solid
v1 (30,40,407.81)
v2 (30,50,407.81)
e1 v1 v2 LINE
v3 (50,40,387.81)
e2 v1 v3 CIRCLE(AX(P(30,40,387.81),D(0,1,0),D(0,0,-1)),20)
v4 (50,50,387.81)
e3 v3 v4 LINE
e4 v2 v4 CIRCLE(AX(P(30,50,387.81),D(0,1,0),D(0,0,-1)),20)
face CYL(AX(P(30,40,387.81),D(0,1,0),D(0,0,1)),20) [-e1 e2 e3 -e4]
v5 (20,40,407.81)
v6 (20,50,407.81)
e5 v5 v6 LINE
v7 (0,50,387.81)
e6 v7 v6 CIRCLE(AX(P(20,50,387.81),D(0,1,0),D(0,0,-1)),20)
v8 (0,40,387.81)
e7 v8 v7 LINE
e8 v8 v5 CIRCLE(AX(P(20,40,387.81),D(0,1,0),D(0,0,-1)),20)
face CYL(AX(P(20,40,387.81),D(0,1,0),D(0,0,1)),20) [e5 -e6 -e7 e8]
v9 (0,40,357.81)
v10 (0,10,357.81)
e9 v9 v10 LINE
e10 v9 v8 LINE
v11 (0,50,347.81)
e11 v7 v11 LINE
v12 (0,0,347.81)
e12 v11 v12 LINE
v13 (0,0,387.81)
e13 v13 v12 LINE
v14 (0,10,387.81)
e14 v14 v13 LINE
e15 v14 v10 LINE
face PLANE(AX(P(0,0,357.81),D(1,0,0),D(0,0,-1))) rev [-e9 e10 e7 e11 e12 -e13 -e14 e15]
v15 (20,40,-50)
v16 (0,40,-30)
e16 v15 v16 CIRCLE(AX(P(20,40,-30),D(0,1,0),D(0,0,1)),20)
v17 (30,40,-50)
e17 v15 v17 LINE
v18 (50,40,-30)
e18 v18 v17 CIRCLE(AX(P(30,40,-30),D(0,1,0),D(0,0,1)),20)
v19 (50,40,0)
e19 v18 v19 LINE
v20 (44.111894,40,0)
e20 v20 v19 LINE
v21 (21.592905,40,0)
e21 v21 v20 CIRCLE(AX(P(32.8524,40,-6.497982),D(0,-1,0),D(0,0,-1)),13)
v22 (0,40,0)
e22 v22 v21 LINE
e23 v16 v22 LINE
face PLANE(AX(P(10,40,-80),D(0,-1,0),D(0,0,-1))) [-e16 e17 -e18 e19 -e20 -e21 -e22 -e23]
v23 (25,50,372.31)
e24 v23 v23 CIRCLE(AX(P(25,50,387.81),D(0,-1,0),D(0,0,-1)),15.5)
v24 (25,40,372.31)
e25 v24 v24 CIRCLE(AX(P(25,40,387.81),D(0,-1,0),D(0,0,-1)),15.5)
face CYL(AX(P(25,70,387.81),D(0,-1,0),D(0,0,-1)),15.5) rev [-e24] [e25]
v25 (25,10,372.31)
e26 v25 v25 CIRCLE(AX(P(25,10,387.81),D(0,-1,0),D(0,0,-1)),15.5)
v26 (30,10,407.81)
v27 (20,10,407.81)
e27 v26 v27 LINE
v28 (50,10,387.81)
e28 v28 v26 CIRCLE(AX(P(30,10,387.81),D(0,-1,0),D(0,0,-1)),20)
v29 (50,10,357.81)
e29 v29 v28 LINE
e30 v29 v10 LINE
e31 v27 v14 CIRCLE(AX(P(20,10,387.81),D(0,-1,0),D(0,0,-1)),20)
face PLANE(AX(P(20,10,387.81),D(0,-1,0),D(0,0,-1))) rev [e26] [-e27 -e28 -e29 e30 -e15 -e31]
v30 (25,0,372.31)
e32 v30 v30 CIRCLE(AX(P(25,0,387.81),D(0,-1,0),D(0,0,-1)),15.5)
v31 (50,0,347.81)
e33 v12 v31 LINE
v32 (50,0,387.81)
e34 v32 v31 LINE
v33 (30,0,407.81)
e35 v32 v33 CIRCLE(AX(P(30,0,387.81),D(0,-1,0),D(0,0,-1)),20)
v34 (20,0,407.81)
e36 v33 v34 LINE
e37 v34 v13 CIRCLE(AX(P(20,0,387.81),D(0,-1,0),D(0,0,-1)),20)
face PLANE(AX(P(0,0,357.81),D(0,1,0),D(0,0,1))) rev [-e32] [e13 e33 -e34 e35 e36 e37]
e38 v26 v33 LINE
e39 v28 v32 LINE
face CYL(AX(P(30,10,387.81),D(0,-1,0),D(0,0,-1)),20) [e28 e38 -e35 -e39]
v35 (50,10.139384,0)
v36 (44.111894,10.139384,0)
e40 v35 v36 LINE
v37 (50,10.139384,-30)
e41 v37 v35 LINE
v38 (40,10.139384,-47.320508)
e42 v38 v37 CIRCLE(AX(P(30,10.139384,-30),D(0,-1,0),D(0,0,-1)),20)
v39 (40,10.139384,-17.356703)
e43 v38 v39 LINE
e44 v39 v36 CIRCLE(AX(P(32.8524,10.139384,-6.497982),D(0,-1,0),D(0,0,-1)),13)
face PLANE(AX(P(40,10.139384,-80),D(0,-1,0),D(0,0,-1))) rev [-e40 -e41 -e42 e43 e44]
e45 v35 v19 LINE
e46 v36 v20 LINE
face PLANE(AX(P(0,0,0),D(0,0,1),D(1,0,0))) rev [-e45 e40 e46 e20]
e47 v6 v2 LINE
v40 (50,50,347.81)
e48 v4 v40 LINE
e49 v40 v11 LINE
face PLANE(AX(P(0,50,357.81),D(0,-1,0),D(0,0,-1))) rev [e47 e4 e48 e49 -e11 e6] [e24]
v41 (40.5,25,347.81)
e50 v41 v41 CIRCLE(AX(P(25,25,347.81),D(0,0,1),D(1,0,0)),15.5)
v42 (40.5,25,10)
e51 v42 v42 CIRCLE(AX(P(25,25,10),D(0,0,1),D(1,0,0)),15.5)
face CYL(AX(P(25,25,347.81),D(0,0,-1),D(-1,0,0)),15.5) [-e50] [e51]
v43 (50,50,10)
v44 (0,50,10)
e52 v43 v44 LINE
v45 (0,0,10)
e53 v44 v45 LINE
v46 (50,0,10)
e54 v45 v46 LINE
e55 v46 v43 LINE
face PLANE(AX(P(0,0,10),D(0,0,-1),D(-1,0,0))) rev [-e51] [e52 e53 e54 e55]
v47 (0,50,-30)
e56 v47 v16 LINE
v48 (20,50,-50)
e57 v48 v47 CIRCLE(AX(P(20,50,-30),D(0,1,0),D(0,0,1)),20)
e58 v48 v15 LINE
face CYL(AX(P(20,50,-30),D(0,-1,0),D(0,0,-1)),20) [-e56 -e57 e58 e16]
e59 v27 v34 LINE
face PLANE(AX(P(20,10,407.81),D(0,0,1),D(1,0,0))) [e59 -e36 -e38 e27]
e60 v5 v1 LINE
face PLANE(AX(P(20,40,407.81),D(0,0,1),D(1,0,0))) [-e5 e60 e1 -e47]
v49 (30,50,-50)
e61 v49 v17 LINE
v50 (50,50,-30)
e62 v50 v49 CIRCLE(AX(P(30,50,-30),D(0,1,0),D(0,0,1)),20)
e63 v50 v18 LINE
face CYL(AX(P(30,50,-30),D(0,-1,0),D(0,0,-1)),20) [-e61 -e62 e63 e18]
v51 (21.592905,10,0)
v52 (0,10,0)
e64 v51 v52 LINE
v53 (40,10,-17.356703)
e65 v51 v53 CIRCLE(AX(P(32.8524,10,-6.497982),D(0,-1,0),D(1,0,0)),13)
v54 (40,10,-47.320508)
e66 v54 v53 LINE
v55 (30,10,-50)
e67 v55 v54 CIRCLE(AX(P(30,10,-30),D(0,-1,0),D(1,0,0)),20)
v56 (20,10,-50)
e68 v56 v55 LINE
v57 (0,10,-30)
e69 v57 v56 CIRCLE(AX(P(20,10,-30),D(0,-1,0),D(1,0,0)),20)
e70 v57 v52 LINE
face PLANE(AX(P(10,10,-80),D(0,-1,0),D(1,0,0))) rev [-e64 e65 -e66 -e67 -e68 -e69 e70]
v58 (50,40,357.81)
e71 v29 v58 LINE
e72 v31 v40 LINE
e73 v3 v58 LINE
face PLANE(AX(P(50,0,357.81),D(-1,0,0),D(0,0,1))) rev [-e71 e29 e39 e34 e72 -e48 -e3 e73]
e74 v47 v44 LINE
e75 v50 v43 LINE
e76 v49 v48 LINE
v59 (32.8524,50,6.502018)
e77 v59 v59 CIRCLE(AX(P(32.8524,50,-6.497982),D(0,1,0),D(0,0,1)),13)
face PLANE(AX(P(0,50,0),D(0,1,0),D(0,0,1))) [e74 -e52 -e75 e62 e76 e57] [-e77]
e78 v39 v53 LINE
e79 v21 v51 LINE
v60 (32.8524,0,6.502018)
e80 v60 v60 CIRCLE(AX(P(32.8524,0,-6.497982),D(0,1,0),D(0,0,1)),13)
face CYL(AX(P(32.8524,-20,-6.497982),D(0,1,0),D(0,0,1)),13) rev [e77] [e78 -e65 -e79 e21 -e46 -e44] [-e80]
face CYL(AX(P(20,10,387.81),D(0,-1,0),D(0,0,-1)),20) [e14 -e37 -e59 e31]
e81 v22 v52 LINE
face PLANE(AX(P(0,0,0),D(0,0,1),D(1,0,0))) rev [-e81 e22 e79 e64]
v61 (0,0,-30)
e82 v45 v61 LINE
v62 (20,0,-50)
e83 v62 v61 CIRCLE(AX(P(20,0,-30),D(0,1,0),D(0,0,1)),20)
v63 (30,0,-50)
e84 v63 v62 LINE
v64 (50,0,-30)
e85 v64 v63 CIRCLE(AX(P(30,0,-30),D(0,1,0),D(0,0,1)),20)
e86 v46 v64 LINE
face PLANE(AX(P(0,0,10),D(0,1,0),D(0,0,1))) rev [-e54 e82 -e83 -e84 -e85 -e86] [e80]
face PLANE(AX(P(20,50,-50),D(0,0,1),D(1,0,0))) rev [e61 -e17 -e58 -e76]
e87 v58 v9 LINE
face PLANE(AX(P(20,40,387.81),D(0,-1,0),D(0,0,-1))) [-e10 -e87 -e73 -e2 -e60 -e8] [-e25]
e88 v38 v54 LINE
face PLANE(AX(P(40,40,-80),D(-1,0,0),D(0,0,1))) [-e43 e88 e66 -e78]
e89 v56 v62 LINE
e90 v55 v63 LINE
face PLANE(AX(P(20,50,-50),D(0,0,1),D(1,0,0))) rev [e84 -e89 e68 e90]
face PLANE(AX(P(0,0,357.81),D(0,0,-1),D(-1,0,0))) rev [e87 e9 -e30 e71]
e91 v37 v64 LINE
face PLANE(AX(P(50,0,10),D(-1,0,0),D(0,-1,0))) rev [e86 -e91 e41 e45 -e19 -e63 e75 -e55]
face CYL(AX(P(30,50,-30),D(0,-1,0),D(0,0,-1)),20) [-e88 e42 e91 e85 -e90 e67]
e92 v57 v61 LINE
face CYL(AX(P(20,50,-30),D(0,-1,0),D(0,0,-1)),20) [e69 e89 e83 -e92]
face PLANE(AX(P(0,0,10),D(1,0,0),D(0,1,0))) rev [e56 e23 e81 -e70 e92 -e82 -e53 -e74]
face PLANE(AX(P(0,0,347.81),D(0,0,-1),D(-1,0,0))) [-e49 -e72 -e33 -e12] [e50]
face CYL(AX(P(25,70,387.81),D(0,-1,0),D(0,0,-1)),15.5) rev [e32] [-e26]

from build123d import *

# Parameters (mm, degrees)
SKETCH1_W             = 50
SKETCH1_H             = 50
BOSS_EXTRUDE1_DEPTH   = 10
BOSS_EXTRUDE1_2_DEPTH = 10
BOSS_EXTRUDE2_DEPTH   = 50
SKETCH3_W             = 30
SKETCH3_H             = 30
CUT_EXTRUDE1_DEPTH    = 90
SKETCH4_W             = 10
SKETCH4_H             = 29.860616381
SKETCH4_H_2           = 30
CUT_EXTRUDE2_DEPTH    = 90
SKETCH5_W             = 50
SKETCH5_H             = 50
BOSS_EXTRUDE3_DEPTH   = 10
SKETCH6_R             = 12
CUT_EXTRUDE3_DEPTH    = 80
SKETCH13_W            = 50
SKETCH13_H            = 50
CUT_EXTRUDE5_DEPTH    = 160
BOSS_EXTRUDE4_DEPTH   = 337.81
SKETCH14_W            = 50
SKETCH14_H            = 50
BOSS_EXTRUDE5_DEPTH   = 10
BOSS_EXTRUDE6_DEPTH   = 10
BOSS_EXTRUDE7_DEPTH   = 10
SKETCH17_R            = 15.5
CUT_EXTRUDE6_DEPTH    = 70
SKETCH19_R            = 12.7
CUT_EXTRUDE7_DEPTH    = 70
SKETCH20_R            = 12.7
BOSS_EXTRUDE11_DEPTH  = 10
SKETCH26_R            = 12
BOSS_EXTRUDE12_DEPTH  = 10
SKETCH27_R            = 13
CUT_EXTRUDE8_DEPTH    = 70


with BuildPart() as part:
    # Sketch1 → Boss-Extrude1 (new body)
    with BuildSketch(Plane.XY):
        with Locations((25, 25)):
            Rectangle(SKETCH1_W, SKETCH1_H)
    extrude(amount=BOSS_EXTRUDE1_DEPTH)

    # Sketch2 → Boss-Extrude2 (add)
    with BuildSketch(Plane(origin=(0, 0, 0), x_dir=(1, 0, 0), z_dir=(0, 1, 0))):
        with BuildLine():
            Line((0, 0), (50, 0))
            Line((50, 0), (50, 30))
            ThreePointArc((50, 30), (44.142135624, 44.142135624), (30, 50))
            Line((30, 50), (20, 50))
            ThreePointArc((20, 50), (5.857864376, 44.142135624), (0, 30))
            Line((0, 30), (0, 0))
        make_face()
    extrude(amount=BOSS_EXTRUDE2_DEPTH)

    # Sketch3 → Cut-Extrude1 (cut)
    with BuildSketch(Plane.XY.offset(10)):
        with Locations((25, 25)):
            Rectangle(SKETCH3_W, SKETCH3_H)
    extrude(amount=-CUT_EXTRUDE1_DEPTH, mode=Mode.SUBTRACT)

    # Sketch4 → Cut-Extrude2 (cut)
    with BuildSketch(Plane.XY.offset(10)):
        with Locations((45, 25.06969181)):
            Rectangle(SKETCH4_W, SKETCH4_H)
        with Locations((5, 25)):
            Rectangle(SKETCH4_W, SKETCH4_H_2)
    extrude(amount=-CUT_EXTRUDE2_DEPTH, mode=Mode.SUBTRACT)


with BuildPart() as body_2:
    # Sketch1 → Boss-Extrude1 2 (new body)
    with BuildSketch(Plane.XY):
        with Locations((25, -320)):
            Rectangle(SKETCH1_W, SKETCH1_H)
    extrude(amount=BOSS_EXTRUDE1_2_DEPTH)

    # Sketch13 → Cut-Extrude5 (cut)
    with BuildSketch(Plane(origin=(0, 0, 0), x_dir=(-1, 0, 0), z_dir=(0, 0, -1))):
        with Locations((-25, -320)):
            Rectangle(SKETCH13_W, SKETCH13_H)
    extrude(amount=-CUT_EXTRUDE5_DEPTH, mode=Mode.SUBTRACT)


with BuildPart() as cut_extrude2_piece_1:
    # of the separate pieces the step leaves, piece 1, a body of its own (cut_extrude2_pieces)
    add(part.part.solids().sort_by_distance((0, 0, 10))[0])



with BuildPart() as cut_extrude2_piece_2:
    # of the separate pieces the step leaves, piece 2, a body of its own (cut_extrude2_pieces)
    add(part.part.solids().sort_by_distance((0, 50, 10))[0])


with BuildPart() as cut_extrude2_piece_1_1:
    add(cut_extrude2_piece_1.part)

    add(cut_extrude2_piece_2.part)  # Boss-Extrude3 merges Cut-Extrude2 piece 2
    # Sketch5 → Boss-Extrude3 (add)
    with BuildSketch(Plane.XY.offset(10)):
        with Locations((25, 25)):
            Rectangle(SKETCH5_W, SKETCH5_H)
    extrude(amount=-BOSS_EXTRUDE3_DEPTH)

    # Sketch6 → Cut-Extrude3 (cut)
    with BuildSketch(Plane.XZ):
        with Locations((25, -30)):
            Circle(SKETCH6_R)
    extrude(amount=-CUT_EXTRUDE3_DEPTH, mode=Mode.SUBTRACT)

    # Sketch7 → Boss-Extrude4 (add)
    with BuildSketch(Plane.XY.offset(10)):
        with BuildLine():
            ThreePointArc((25, 40.5), (14.039844892, 14.039844892), (40.5, 25))
            ThreePointArc((40.5, 25), (35.960155108, 35.960155108), (25, 40.5))
        make_face()
    extrude(amount=BOSS_EXTRUDE4_DEPTH)

    # Sketch14 → Boss-Extrude5 (add)
    with BuildSketch(Plane.XY.offset(347.81)):
        with Locations((25, 25)):
            Rectangle(SKETCH14_W, SKETCH14_H)
    extrude(amount=BOSS_EXTRUDE5_DEPTH)

    # Sketch15 → Boss-Extrude6 (add)
    with BuildSketch(Plane(origin=(0, 50, 0), x_dir=(1, 0, 0), z_dir=(0, 1, 0))):
        with BuildLine():
            Line((0, -357.81), (50, -357.81))
            Line((50, -357.81), (50, -387.81))
            ThreePointArc((50, -387.81), (44.142135624, -401.952135624), (30, -407.81))
            Line((30, -407.81), (20, -407.81))
            ThreePointArc((20, -407.81), (5.857864376, -401.952135624), (0, -387.81))
            Line((0, -387.81), (0, -357.81))
        make_face()
    extrude(amount=-BOSS_EXTRUDE6_DEPTH)

    # Sketch16 → Boss-Extrude7 (add)
    with BuildSketch(Plane.XZ):
        with BuildLine():
            Line((0, 347.81), (50, 347.81))
            Line((50, 347.81), (50, 387.81))
            ThreePointArc((50, 387.81), (44.142135624, 401.952135624), (30, 407.81))
            Line((30, 407.81), (20, 407.81))
            ThreePointArc((20, 407.81), (5.857864376, 401.952135624), (0, 387.81))
            Line((0, 387.81), (0, 347.81))
        make_face()
    extrude(amount=-BOSS_EXTRUDE7_DEPTH)

    # Sketch17 → Cut-Extrude6 (cut)
    with BuildSketch(Plane.XZ):
        with Locations((25, 387.81)):
            Circle(SKETCH17_R)
    extrude(amount=-CUT_EXTRUDE6_DEPTH, mode=Mode.SUBTRACT)

    # Sketch19 → Cut-Extrude7 (cut)
    with BuildSketch(Plane.XZ):
        with Locations((32.852399557, -6.497982337)):
            Circle(SKETCH19_R)
    extrude(amount=-CUT_EXTRUDE7_DEPTH, mode=Mode.SUBTRACT)

    # Sketch20 → Boss-Extrude11 (add)
    with BuildSketch(Plane.XZ):
        with Locations((25, -30)):
            Circle(SKETCH20_R)
    extrude(amount=-BOSS_EXTRUDE11_DEPTH)

    # Sketch26 → Boss-Extrude12 (add)
    with BuildSketch(Plane(origin=(0, 50, 0), x_dir=(1, 0, 0), z_dir=(0, 1, 0))):
        with Locations((25, 30)):
            Circle(SKETCH26_R)
    extrude(amount=-BOSS_EXTRUDE12_DEPTH)

    # Sketch27 → Cut-Extrude8 (cut)
    with BuildSketch(Plane(origin=(0, 50, 0), x_dir=(1, 0, 0), z_dir=(0, 1, 0))):
        with Locations((32.852399557, 6.497982337)):
            Circle(SKETCH27_R)
    extrude(amount=-CUT_EXTRUDE8_DEPTH, mode=Mode.SUBTRACT)


solid = cut_extrude2_piece_1_1.part
